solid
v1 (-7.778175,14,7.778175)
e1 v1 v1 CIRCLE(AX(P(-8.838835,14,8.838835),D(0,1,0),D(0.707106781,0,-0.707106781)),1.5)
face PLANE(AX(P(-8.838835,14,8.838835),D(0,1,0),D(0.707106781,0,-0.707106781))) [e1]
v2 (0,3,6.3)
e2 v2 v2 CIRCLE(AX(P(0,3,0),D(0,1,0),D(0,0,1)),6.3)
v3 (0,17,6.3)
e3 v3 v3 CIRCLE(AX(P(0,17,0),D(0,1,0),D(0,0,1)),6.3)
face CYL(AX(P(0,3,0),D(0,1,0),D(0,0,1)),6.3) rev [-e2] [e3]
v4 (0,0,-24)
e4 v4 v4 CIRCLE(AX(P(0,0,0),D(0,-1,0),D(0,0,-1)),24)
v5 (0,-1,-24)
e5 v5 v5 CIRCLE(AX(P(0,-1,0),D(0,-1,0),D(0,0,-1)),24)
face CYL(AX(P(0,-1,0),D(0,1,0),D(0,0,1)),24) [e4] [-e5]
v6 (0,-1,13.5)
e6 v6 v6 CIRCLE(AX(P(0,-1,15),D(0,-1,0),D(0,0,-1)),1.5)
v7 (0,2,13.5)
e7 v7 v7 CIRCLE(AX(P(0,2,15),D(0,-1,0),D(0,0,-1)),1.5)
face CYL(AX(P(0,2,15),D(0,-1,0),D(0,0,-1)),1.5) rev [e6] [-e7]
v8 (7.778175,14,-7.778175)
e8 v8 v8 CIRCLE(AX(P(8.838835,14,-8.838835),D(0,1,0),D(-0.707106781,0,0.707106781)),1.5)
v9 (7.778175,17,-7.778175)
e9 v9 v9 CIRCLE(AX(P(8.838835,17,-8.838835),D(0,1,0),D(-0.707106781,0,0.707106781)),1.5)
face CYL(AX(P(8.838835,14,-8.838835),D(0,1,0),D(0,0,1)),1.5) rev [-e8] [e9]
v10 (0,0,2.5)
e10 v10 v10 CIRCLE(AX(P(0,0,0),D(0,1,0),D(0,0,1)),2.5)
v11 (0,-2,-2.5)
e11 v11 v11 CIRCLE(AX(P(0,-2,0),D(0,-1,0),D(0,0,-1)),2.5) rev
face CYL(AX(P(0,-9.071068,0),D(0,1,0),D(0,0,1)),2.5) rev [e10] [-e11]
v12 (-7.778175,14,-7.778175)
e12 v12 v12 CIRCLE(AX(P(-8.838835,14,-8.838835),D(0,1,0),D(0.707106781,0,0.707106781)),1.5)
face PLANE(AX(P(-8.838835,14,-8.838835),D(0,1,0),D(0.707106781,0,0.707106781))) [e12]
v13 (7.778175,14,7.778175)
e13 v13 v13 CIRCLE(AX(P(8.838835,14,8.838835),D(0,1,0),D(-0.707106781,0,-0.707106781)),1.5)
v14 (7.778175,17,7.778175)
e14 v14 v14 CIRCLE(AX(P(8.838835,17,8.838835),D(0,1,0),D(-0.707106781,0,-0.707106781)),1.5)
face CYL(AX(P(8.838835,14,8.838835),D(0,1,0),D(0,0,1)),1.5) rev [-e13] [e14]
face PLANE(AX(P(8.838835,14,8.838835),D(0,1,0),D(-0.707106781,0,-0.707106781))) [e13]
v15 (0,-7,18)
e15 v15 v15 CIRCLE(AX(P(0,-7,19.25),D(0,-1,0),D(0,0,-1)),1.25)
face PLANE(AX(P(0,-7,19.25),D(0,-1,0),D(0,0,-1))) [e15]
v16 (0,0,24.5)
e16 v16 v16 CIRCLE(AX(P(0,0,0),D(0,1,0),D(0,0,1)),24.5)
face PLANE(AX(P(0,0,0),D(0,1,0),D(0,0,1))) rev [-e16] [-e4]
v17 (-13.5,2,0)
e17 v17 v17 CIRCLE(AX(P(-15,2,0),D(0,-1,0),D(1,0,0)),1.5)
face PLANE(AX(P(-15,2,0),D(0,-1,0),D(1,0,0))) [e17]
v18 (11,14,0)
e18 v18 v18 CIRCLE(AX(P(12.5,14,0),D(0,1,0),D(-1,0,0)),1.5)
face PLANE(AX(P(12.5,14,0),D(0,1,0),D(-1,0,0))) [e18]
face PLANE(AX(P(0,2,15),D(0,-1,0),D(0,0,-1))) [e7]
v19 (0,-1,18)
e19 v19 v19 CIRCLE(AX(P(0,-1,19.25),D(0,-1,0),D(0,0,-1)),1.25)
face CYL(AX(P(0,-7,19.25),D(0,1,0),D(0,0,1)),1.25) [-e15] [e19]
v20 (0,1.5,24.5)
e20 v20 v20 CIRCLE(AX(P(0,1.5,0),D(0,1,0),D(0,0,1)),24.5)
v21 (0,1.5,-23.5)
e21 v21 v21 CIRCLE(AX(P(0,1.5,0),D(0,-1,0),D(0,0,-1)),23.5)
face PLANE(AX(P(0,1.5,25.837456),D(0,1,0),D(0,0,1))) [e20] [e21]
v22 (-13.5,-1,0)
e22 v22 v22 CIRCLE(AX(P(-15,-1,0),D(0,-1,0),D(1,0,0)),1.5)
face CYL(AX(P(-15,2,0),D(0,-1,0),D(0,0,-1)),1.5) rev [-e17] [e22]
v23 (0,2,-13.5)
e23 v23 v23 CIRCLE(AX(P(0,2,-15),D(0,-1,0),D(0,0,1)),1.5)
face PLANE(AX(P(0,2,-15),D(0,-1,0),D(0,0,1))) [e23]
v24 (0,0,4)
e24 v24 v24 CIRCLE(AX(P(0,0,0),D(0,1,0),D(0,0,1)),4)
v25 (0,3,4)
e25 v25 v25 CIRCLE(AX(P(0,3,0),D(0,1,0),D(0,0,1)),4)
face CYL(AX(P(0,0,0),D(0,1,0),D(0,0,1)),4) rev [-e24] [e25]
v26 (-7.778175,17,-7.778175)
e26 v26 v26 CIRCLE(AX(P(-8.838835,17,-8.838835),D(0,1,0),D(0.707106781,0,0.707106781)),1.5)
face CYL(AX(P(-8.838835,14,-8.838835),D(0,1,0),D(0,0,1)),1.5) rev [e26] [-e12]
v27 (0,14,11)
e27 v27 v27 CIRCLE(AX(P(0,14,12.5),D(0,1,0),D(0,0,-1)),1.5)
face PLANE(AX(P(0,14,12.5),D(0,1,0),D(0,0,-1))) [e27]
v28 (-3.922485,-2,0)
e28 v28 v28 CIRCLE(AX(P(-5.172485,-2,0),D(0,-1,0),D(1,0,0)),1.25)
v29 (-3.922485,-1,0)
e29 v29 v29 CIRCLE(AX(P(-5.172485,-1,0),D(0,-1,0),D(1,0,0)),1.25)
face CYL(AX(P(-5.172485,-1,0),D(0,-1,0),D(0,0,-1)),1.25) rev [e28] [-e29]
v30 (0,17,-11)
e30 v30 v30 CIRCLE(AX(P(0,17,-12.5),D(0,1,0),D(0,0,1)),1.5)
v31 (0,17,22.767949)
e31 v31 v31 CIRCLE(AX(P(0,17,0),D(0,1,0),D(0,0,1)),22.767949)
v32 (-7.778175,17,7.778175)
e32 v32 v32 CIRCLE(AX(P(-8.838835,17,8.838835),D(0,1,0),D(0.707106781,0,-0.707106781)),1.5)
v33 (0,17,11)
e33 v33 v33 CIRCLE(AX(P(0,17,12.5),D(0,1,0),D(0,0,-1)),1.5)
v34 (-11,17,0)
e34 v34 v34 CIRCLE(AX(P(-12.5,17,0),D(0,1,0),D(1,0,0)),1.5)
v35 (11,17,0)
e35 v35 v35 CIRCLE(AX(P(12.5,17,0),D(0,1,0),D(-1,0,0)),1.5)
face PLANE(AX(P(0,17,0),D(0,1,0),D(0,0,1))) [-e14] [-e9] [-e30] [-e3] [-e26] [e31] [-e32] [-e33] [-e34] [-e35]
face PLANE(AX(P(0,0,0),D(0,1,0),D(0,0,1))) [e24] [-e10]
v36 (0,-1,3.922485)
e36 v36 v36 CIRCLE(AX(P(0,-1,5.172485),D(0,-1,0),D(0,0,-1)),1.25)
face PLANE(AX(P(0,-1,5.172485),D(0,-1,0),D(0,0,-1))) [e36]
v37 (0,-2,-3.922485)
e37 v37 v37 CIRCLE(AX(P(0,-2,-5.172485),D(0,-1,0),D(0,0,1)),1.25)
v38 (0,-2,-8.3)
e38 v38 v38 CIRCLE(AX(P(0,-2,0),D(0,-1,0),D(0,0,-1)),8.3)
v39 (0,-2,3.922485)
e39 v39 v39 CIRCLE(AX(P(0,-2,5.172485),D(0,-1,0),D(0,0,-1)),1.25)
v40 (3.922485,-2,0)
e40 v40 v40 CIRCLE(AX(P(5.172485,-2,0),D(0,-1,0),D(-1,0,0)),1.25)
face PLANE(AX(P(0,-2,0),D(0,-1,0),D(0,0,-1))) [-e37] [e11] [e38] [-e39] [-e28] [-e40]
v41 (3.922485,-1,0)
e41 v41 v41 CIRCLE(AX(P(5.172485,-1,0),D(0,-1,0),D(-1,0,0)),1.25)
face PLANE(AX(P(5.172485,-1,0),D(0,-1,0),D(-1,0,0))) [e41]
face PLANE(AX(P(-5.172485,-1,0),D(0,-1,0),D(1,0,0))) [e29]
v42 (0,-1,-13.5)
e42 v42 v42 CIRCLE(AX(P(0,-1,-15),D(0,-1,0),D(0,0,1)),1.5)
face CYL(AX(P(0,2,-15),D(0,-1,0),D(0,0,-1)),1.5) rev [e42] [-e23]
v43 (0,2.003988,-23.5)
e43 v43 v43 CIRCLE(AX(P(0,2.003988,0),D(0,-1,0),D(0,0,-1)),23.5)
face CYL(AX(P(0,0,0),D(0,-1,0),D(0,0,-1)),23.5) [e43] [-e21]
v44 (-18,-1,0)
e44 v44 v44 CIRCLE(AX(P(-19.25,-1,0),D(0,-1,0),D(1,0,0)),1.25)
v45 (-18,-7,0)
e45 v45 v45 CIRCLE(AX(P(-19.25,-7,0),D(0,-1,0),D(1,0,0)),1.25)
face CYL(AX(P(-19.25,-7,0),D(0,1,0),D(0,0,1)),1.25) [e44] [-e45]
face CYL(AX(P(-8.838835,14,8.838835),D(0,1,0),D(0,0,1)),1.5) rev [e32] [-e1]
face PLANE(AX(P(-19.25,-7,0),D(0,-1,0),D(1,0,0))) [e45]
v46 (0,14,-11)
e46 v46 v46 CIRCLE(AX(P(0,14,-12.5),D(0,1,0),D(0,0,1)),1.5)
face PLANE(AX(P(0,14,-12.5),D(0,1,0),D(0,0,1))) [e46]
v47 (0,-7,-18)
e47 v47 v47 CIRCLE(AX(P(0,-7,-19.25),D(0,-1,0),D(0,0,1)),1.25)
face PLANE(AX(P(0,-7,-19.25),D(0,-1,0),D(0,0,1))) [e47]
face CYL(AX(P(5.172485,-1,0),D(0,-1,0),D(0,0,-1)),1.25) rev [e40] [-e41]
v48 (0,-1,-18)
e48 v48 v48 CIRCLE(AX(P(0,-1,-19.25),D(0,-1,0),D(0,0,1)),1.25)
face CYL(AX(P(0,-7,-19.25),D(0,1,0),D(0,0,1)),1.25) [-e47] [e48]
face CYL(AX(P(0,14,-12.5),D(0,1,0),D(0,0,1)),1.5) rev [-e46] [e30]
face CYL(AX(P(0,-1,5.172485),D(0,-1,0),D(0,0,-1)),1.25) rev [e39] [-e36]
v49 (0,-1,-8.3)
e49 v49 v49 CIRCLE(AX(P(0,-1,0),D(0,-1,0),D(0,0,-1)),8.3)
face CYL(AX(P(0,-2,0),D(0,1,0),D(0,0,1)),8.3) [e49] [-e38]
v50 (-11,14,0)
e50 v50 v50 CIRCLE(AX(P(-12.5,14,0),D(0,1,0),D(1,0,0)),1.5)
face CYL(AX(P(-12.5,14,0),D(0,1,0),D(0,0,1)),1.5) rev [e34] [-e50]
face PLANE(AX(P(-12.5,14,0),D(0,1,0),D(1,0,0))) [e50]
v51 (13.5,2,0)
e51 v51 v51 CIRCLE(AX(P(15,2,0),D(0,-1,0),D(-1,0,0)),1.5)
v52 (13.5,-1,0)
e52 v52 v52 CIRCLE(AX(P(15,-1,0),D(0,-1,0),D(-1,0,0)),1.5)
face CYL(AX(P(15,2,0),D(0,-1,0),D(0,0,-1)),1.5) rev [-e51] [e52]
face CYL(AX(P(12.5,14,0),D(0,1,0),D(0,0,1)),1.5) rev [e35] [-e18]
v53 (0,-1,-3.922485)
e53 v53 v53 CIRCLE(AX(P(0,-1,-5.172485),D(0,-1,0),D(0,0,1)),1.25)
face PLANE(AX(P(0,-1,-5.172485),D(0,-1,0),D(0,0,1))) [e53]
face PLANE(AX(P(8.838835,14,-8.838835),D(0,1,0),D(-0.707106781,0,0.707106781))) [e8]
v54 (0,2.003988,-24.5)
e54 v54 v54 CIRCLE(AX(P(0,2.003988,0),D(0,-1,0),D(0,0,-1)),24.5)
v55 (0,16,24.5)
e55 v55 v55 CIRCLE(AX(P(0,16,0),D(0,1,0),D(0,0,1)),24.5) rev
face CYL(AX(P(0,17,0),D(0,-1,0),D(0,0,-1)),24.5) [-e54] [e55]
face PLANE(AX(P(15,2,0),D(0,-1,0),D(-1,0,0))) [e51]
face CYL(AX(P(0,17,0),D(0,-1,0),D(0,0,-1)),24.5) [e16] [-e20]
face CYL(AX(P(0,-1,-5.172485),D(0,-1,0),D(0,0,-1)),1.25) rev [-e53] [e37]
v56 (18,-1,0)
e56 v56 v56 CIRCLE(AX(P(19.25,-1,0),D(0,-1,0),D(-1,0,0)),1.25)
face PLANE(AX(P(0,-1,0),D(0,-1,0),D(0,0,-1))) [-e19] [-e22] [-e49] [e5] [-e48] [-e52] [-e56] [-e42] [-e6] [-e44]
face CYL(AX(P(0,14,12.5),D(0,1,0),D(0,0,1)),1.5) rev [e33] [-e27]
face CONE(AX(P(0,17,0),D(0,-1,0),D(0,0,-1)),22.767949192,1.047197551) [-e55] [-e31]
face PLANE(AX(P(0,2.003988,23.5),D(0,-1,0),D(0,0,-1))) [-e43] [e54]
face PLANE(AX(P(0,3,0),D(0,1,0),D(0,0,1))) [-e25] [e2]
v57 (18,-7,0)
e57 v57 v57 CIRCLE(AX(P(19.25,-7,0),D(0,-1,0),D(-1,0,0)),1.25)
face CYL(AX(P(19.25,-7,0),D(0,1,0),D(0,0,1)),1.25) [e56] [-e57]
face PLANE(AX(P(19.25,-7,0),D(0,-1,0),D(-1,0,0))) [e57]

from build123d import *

# Parameters (mm, degrees)
SKETCH_1_R               = 24.5
EXTRUDE_1_DEPTH          = 17
SKETCH_3_W               = 2.337455655
SKETCH_3_H               = 0.503987985
CHAMFER_1_SIZE           = 1
CHAMFER_1_SIZE2          = 1.732050808
SKETCH_4_R               = 24
EXTRUDE_2_DEPTH          = 1
SKETCH_5_R               = 8.3
EXTRUDE_3_DEPTH          = 1
SKETCH_6_R               = 6.3
CUT_EXTRUDE_1_DEPTH      = 14
SKETCH_7_R               = 4
CUT_EXTRUDE_2_DEPTH      = 3
SKETCH_8_R               = 2.5
CUT_EXTRUDE_3_DEPTH      = 2
SKETCH_9_R               = 1.5
CUT_EXTRUDE_4_DEPTH      = 3
PATTERN_CIRCULAR_1_COUNT = 8
SKETCH_12_R              = 1.5
CUT_EXTRUDE_5_DEPTH      = 3
PATTERN_CIRCULAR_2_COUNT = 4
SKETCH_15_R              = 1.25
CUT_EXTRUDE_8_DEPTH      = 1
PATTERN_CIRCULAR_4_COUNT = 4
SKETCH_16_R              = 1.25
EXTRUDE_4_DEPTH          = 6
PATTERN_CIRCULAR_5_COUNT = 4


with BuildPart() as part:
    # 草图1 → 凸台-拉伸1 (new body)
    with BuildSketch(Plane(origin=(0, 0, 0), x_dir=(1, 0, 0), z_dir=(0, 1, 0))):
        with Locations(Location((0, 0, 0), (0, 0, 270))):
            Circle(SKETCH_1_R)
    extrude(amount=EXTRUDE_1_DEPTH)

    # 草图3 → 切除-旋转1 (revolve, cut)
    with BuildSketch(Plane(origin=(0, 0, 0), x_dir=(0, 0, -1), z_dir=(1, 0, 0)), mode=Mode.PRIVATE) as cut_revolve_1_sk:
        with Locations((-24.668727827, 1.751993993)):
            Rectangle(SKETCH_3_W, SKETCH_3_H)
    revolve(cut_revolve_1_sk.sketch.rotate(Axis((0, 0, 0), (0, 1, 0)), 180), axis=Axis((0, 0, 0), (0, 1, 0)), mode=Mode.SUBTRACT)

    # 倒角1
    chamfer_1_edges = [part.edges().sort_by_distance(p)[0] for p in [
        (0, 17, -24.5),
    ]]
    chamfer_1_side = [part.faces().sort_by_distance(p)[0] for p in [
        (0, 9.501993992, -24.5),
    ]]
    chamfer(chamfer_1_edges, length=CHAMFER_1_SIZE, length2=CHAMFER_1_SIZE2, reference=chamfer_1_side[0])

    # 草图4 → 凸台-拉伸2 (add)
    with BuildSketch(Plane.XZ):
        with Locations(Location((0, 0, 0), (0, 0, 270))):
            Circle(SKETCH_4_R)
    extrude(amount=EXTRUDE_2_DEPTH)

    # 草图5 → 凸台-拉伸3 (add)
    with BuildSketch(Plane.XZ.offset(1)):
        with Locations(Location((0, 0, 0), (0, 0, 270))):
            Circle(SKETCH_5_R)
    extrude(amount=EXTRUDE_3_DEPTH)

    # 草图6 → 切除-拉伸1 (cut)
    with BuildSketch(Plane(origin=(0, 17, 0), x_dir=(1, 0, 0), z_dir=(0, 1, 0))):
        with Locations(Location((0, 0, 0), (0, 0, 270))):
            Circle(SKETCH_6_R)
    extrude(amount=-CUT_EXTRUDE_1_DEPTH, mode=Mode.SUBTRACT)

    # 草图7 → 切除-拉伸2 (cut)
    with BuildSketch(Plane(origin=(0, 3, 0), x_dir=(1, 0, 0), z_dir=(0, 1, 0))):
        with Locations(Location((0, 0, 0), (0, 0, 270))):
            Circle(SKETCH_7_R)
    extrude(amount=-CUT_EXTRUDE_2_DEPTH, mode=Mode.SUBTRACT)

    # 草图8 → 切除-拉伸3 (cut)
    with BuildSketch(Plane(origin=(0, 0, 0), x_dir=(1, 0, 0), z_dir=(0, 1, 0))):
        with Locations(Location((0, 0, 0), (0, 0, 270))):
            Circle(SKETCH_8_R)
    extrude(amount=-CUT_EXTRUDE_3_DEPTH, mode=Mode.SUBTRACT)

    # 草图9 → 切除-拉伸4 (cut)
    with BuildSketch(Plane(origin=(0, 17, 0), x_dir=(1, 0, 0), z_dir=(0, 1, 0))):
        with Locations(Location((0, 12.5, 0), (0, 0, 270))):
            Circle(SKETCH_9_R)
    cut_extrude_4 = extrude(amount=-CUT_EXTRUDE_4_DEPTH, mode=Mode.SUBTRACT)

    # 阵列(圆周)1: 切除-拉伸4 ×8 about axis
    pattern_circular_1_axis = Axis((0, 0, 0), (0, 1, 0))
    for i in range(1, PATTERN_CIRCULAR_1_COUNT):
        add(cut_extrude_4.rotate(pattern_circular_1_axis, i * 360 / PATTERN_CIRCULAR_1_COUNT), mode=Mode.SUBTRACT)

    # 草图12 → 切除-拉伸5 (cut)
    with BuildSketch(Plane.XZ.offset(1)):
        with Locations(Location((0, 15, 0), (0, 0, 270))):
            Circle(SKETCH_12_R)
    cut_extrude_5 = extrude(amount=-CUT_EXTRUDE_5_DEPTH, mode=Mode.SUBTRACT)

    # 阵列(圆周)2: 切除-拉伸5 ×4 about axis
    pattern_circular_2_axis = Axis((0, 0, 0), (0, 1, 0))
    for i in range(1, PATTERN_CIRCULAR_2_COUNT):
        add(cut_extrude_5.rotate(pattern_circular_2_axis, i * 360 / PATTERN_CIRCULAR_2_COUNT), mode=Mode.SUBTRACT)

    # 草图15 → 切除-拉伸8 (cut)
    with BuildSketch(Plane.XZ.offset(2)):
        with Locations(Location((0, 5.172485404, 0), (0, 0, 270))):
            Circle(SKETCH_15_R)
    cut_extrude_8 = extrude(amount=-CUT_EXTRUDE_8_DEPTH, mode=Mode.SUBTRACT)

    # 阵列(圆周)4: 切除-拉伸8 ×4 about axis
    pattern_circular_4_axis = Axis((0, 0, 0), (0, 1, 0))
    for i in range(1, PATTERN_CIRCULAR_4_COUNT):
        add(cut_extrude_8.rotate(pattern_circular_4_axis, i * 360 / PATTERN_CIRCULAR_4_COUNT), mode=Mode.SUBTRACT)

    # 草图16 → 凸台-拉伸4 (add)
    with BuildSketch(Plane.XZ.offset(1)):
        with Locations(Location((0, 19.25, 0), (0, 0, 270))):
            Circle(SKETCH_16_R)
    extrude_4 = extrude(amount=EXTRUDE_4_DEPTH)

    # 阵列(圆周)5: 凸台-拉伸4 ×4 about axis
    pattern_circular_5_axis = Axis((0, 0, 0), (0, 1, 0))
    for i in range(1, PATTERN_CIRCULAR_5_COUNT):
        add(extrude_4.rotate(pattern_circular_5_axis, i * 360 / PATTERN_CIRCULAR_5_COUNT))


solid = part.part
